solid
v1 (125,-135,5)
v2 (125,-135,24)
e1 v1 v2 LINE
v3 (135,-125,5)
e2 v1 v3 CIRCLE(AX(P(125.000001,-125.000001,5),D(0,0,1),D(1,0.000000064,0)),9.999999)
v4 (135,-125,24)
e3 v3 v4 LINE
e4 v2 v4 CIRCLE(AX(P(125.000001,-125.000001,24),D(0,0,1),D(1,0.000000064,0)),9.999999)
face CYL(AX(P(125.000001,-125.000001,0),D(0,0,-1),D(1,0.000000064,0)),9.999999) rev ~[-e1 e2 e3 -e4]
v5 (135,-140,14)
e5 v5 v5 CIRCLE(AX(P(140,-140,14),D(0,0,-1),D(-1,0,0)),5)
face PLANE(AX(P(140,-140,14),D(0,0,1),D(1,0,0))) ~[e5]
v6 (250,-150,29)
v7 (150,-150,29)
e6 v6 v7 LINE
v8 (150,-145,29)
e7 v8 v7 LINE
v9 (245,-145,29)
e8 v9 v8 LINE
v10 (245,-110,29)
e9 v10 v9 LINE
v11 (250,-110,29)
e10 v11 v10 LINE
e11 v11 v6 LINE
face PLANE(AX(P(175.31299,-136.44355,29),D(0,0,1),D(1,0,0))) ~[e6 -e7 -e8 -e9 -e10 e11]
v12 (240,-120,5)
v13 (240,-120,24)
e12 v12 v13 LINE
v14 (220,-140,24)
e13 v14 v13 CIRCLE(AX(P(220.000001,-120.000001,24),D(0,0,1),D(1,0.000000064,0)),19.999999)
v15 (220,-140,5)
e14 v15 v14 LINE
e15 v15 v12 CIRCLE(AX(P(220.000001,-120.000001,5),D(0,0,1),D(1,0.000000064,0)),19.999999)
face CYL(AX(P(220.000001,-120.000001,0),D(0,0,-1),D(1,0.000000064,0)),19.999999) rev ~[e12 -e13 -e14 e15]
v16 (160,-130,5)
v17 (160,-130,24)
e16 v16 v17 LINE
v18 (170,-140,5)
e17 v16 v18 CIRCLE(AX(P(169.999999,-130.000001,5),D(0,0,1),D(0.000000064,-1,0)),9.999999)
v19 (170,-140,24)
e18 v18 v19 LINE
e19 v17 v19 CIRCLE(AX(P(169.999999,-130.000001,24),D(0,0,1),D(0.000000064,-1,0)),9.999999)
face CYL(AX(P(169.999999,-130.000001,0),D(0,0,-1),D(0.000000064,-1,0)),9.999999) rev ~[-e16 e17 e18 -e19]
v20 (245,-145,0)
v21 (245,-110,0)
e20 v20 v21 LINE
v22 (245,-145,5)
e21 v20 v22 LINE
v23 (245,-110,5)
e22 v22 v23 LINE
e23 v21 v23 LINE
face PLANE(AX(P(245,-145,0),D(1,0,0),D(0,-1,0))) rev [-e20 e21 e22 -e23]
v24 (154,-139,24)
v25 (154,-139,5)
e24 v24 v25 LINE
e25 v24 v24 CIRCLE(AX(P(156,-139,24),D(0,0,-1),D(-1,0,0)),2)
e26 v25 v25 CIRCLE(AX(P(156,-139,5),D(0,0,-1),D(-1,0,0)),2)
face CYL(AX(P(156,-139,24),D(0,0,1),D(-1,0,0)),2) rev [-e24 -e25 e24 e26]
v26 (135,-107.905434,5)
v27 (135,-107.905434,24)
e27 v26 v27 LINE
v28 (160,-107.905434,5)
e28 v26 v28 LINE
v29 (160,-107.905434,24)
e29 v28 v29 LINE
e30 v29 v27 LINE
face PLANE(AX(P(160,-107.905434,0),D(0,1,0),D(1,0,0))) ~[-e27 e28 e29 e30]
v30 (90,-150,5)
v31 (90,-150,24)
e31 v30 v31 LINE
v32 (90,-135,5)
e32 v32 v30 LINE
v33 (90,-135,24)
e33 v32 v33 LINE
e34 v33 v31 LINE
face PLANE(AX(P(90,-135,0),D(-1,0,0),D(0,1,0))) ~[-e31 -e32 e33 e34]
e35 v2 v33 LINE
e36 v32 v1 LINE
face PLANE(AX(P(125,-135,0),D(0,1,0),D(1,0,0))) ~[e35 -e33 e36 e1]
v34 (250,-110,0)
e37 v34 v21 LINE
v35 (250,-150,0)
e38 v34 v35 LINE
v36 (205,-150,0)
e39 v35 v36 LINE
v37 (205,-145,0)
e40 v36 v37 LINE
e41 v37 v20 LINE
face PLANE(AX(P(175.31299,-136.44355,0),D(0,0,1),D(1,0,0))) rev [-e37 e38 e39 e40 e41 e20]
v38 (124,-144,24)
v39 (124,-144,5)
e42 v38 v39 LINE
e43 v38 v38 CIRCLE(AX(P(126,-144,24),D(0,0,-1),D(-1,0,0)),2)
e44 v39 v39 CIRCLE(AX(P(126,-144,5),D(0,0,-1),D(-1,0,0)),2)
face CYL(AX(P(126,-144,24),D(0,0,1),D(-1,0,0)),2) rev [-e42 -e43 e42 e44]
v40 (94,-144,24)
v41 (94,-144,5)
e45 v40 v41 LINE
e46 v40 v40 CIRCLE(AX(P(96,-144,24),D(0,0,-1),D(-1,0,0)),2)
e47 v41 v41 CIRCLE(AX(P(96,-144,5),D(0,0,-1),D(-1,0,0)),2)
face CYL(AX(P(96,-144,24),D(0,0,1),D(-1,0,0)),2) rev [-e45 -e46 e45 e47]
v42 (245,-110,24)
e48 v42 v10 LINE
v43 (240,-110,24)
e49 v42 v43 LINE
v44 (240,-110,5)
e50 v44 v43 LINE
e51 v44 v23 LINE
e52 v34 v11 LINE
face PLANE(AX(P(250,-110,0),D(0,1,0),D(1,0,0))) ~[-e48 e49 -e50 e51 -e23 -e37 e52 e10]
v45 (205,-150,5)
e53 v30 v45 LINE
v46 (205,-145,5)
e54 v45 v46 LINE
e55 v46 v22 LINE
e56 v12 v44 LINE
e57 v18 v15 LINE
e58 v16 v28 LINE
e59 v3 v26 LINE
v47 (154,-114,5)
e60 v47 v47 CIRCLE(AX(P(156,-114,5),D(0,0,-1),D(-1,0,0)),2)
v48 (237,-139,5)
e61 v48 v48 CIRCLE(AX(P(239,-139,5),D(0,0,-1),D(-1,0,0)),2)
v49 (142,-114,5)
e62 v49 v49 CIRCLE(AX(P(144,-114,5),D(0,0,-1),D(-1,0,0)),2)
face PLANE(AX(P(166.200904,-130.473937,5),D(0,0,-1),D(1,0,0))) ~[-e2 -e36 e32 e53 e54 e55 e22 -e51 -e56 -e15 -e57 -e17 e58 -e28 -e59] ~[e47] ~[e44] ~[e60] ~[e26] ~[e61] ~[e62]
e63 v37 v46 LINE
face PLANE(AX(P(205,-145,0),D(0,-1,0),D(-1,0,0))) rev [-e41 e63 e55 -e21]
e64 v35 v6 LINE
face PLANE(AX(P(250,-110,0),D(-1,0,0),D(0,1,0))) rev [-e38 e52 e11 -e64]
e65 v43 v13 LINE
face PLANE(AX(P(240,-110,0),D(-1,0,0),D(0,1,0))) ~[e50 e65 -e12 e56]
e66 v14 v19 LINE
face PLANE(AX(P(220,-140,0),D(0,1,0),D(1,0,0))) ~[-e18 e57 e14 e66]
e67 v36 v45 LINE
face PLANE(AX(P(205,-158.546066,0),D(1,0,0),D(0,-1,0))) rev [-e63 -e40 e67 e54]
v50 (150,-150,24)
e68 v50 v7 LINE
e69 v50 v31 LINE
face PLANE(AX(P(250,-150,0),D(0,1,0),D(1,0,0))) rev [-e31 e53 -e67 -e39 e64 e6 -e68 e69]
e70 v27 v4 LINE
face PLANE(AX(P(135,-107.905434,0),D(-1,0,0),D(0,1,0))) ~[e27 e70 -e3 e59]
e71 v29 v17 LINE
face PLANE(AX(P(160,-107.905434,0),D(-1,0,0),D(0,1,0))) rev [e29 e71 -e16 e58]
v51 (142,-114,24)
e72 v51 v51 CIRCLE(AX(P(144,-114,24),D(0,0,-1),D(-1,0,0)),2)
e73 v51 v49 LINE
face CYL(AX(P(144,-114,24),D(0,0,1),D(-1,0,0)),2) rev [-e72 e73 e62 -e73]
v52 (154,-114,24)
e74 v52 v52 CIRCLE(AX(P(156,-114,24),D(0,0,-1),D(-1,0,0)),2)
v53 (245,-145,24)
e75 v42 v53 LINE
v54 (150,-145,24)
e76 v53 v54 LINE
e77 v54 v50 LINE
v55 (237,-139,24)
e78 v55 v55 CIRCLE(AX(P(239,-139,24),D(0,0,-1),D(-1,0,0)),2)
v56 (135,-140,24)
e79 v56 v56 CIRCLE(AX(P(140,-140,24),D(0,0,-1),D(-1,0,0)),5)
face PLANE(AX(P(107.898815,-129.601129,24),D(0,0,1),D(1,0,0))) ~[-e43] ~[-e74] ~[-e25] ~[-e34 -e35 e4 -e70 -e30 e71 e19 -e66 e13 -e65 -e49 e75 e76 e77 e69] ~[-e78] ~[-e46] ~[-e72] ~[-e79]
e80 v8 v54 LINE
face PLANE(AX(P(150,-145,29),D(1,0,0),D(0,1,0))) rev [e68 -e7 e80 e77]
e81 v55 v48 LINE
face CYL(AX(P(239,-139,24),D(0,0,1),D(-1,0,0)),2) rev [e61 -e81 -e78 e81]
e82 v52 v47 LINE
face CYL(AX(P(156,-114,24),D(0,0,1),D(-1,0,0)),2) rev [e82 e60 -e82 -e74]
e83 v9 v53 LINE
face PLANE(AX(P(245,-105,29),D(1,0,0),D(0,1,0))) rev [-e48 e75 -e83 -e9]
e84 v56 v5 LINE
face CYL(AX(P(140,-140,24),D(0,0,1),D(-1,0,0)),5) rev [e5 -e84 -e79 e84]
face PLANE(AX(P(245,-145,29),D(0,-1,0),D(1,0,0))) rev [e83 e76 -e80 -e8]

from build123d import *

# Parameters (mm, degrees)
PAD004_DEPTH    = 29
POCKET001_DEPTH = 5
POCKET002_DEPTH = 5
SKETCH008_R     = 5
POCKET003_DEPTH = 10
SKETCH015_R     = 2
POCKET007_DEPTH = 24.001


with BuildPart() as anchorbl:
    # Sketch004 → Pad004 (new body)
    with BuildSketch(Plane.XY):
        with BuildLine():
            Line((0, 40), (0, 0))
            Line((0, 0), (160, 0))
            Line((160, 15), (160, 0))
            Line((125, 15), (160, 15))
            ThreePointArc((115, 25), (117.928932, 17.928932), (125, 15))
            Line((115, 42.094566), (115, 25))
            Line((90, 42.094566), (115, 42.094566))
            Line((90, 42.094566), (90, 20))
            ThreePointArc((80, 10), (87.071068, 12.928932), (90, 20))
            Line((30, 10), (80, 10))
            ThreePointArc((10, 30), (15.857864, 15.857864), (30, 10))
            Line((10, 40), (10, 30))
            Line((0, 40), (10, 40))
        make_face()
    extrude(amount=PAD004_DEPTH)

    # Sketch006 (on Face15 of Pad004) → Pocket001 (cut)
    with BuildSketch(Plane.XY.offset(29)):
        Polygon((5, 45), (5, 5), (100, 5), (100, -8.029739), (275.374889, -8.029739), (275.374889, 45), align=None)
    extrude(amount=-POCKET001_DEPTH, mode=Mode.SUBTRACT)

    # Sketch007 (on Face2 of Pocket001) → Pocket002 (cut)
    with BuildSketch(Plane(origin=(0, 0, 0), x_dir=(1, 0, 0), z_dir=(0, 0, -1))):
        Polygon((5, -5), (5, -45), (160, -45), (160, 8.546066), (45, 8.546066), (45, -5), align=None)
    extrude(amount=-POCKET002_DEPTH, mode=Mode.SUBTRACT)

    # Sketch008 (on Face4 of Pocket002) → Pocket003 (cut)
    with BuildSketch(Plane.XY.offset(24)):
        with Locations((110, 10)):
            Circle(SKETCH008_R)
    extrude(amount=-POCKET003_DEPTH, mode=Mode.SUBTRACT)

    # Sketch015 (on Face4 of Pocket003) → Pocket007 (cut, through all)
    with BuildSketch(Plane.XY.offset(24)):
        with Locations((11, 11)):
            Circle(SKETCH015_R)
        with Locations((94, 11)):
            Circle(SKETCH015_R)
        with Locations((94, 36)):
            Circle(SKETCH015_R)
        with Locations((106, 36)):
            Circle(SKETCH015_R)
        with Locations((124, 6)):
            Circle(SKETCH015_R)
        with Locations((154, 6)):
            Circle(SKETCH015_R)
    extrude(amount=-POCKET007_DEPTH, mode=Mode.SUBTRACT)


with BuildPart() as anchorbl_1:
    # Body004 placement: moved
    add(anchorbl.part.moved(Location((-250, -150, 0))))


with BuildPart() as anchorbr:
    # Part__Mirroring001: instance of AnchorBL
    add(anchorbl_1.part.mirror(Plane(origin=(0, 0, 0), x_dir=(0, -1, 0), z_dir=(1, 0, 0))))


solid = anchorbr.part
